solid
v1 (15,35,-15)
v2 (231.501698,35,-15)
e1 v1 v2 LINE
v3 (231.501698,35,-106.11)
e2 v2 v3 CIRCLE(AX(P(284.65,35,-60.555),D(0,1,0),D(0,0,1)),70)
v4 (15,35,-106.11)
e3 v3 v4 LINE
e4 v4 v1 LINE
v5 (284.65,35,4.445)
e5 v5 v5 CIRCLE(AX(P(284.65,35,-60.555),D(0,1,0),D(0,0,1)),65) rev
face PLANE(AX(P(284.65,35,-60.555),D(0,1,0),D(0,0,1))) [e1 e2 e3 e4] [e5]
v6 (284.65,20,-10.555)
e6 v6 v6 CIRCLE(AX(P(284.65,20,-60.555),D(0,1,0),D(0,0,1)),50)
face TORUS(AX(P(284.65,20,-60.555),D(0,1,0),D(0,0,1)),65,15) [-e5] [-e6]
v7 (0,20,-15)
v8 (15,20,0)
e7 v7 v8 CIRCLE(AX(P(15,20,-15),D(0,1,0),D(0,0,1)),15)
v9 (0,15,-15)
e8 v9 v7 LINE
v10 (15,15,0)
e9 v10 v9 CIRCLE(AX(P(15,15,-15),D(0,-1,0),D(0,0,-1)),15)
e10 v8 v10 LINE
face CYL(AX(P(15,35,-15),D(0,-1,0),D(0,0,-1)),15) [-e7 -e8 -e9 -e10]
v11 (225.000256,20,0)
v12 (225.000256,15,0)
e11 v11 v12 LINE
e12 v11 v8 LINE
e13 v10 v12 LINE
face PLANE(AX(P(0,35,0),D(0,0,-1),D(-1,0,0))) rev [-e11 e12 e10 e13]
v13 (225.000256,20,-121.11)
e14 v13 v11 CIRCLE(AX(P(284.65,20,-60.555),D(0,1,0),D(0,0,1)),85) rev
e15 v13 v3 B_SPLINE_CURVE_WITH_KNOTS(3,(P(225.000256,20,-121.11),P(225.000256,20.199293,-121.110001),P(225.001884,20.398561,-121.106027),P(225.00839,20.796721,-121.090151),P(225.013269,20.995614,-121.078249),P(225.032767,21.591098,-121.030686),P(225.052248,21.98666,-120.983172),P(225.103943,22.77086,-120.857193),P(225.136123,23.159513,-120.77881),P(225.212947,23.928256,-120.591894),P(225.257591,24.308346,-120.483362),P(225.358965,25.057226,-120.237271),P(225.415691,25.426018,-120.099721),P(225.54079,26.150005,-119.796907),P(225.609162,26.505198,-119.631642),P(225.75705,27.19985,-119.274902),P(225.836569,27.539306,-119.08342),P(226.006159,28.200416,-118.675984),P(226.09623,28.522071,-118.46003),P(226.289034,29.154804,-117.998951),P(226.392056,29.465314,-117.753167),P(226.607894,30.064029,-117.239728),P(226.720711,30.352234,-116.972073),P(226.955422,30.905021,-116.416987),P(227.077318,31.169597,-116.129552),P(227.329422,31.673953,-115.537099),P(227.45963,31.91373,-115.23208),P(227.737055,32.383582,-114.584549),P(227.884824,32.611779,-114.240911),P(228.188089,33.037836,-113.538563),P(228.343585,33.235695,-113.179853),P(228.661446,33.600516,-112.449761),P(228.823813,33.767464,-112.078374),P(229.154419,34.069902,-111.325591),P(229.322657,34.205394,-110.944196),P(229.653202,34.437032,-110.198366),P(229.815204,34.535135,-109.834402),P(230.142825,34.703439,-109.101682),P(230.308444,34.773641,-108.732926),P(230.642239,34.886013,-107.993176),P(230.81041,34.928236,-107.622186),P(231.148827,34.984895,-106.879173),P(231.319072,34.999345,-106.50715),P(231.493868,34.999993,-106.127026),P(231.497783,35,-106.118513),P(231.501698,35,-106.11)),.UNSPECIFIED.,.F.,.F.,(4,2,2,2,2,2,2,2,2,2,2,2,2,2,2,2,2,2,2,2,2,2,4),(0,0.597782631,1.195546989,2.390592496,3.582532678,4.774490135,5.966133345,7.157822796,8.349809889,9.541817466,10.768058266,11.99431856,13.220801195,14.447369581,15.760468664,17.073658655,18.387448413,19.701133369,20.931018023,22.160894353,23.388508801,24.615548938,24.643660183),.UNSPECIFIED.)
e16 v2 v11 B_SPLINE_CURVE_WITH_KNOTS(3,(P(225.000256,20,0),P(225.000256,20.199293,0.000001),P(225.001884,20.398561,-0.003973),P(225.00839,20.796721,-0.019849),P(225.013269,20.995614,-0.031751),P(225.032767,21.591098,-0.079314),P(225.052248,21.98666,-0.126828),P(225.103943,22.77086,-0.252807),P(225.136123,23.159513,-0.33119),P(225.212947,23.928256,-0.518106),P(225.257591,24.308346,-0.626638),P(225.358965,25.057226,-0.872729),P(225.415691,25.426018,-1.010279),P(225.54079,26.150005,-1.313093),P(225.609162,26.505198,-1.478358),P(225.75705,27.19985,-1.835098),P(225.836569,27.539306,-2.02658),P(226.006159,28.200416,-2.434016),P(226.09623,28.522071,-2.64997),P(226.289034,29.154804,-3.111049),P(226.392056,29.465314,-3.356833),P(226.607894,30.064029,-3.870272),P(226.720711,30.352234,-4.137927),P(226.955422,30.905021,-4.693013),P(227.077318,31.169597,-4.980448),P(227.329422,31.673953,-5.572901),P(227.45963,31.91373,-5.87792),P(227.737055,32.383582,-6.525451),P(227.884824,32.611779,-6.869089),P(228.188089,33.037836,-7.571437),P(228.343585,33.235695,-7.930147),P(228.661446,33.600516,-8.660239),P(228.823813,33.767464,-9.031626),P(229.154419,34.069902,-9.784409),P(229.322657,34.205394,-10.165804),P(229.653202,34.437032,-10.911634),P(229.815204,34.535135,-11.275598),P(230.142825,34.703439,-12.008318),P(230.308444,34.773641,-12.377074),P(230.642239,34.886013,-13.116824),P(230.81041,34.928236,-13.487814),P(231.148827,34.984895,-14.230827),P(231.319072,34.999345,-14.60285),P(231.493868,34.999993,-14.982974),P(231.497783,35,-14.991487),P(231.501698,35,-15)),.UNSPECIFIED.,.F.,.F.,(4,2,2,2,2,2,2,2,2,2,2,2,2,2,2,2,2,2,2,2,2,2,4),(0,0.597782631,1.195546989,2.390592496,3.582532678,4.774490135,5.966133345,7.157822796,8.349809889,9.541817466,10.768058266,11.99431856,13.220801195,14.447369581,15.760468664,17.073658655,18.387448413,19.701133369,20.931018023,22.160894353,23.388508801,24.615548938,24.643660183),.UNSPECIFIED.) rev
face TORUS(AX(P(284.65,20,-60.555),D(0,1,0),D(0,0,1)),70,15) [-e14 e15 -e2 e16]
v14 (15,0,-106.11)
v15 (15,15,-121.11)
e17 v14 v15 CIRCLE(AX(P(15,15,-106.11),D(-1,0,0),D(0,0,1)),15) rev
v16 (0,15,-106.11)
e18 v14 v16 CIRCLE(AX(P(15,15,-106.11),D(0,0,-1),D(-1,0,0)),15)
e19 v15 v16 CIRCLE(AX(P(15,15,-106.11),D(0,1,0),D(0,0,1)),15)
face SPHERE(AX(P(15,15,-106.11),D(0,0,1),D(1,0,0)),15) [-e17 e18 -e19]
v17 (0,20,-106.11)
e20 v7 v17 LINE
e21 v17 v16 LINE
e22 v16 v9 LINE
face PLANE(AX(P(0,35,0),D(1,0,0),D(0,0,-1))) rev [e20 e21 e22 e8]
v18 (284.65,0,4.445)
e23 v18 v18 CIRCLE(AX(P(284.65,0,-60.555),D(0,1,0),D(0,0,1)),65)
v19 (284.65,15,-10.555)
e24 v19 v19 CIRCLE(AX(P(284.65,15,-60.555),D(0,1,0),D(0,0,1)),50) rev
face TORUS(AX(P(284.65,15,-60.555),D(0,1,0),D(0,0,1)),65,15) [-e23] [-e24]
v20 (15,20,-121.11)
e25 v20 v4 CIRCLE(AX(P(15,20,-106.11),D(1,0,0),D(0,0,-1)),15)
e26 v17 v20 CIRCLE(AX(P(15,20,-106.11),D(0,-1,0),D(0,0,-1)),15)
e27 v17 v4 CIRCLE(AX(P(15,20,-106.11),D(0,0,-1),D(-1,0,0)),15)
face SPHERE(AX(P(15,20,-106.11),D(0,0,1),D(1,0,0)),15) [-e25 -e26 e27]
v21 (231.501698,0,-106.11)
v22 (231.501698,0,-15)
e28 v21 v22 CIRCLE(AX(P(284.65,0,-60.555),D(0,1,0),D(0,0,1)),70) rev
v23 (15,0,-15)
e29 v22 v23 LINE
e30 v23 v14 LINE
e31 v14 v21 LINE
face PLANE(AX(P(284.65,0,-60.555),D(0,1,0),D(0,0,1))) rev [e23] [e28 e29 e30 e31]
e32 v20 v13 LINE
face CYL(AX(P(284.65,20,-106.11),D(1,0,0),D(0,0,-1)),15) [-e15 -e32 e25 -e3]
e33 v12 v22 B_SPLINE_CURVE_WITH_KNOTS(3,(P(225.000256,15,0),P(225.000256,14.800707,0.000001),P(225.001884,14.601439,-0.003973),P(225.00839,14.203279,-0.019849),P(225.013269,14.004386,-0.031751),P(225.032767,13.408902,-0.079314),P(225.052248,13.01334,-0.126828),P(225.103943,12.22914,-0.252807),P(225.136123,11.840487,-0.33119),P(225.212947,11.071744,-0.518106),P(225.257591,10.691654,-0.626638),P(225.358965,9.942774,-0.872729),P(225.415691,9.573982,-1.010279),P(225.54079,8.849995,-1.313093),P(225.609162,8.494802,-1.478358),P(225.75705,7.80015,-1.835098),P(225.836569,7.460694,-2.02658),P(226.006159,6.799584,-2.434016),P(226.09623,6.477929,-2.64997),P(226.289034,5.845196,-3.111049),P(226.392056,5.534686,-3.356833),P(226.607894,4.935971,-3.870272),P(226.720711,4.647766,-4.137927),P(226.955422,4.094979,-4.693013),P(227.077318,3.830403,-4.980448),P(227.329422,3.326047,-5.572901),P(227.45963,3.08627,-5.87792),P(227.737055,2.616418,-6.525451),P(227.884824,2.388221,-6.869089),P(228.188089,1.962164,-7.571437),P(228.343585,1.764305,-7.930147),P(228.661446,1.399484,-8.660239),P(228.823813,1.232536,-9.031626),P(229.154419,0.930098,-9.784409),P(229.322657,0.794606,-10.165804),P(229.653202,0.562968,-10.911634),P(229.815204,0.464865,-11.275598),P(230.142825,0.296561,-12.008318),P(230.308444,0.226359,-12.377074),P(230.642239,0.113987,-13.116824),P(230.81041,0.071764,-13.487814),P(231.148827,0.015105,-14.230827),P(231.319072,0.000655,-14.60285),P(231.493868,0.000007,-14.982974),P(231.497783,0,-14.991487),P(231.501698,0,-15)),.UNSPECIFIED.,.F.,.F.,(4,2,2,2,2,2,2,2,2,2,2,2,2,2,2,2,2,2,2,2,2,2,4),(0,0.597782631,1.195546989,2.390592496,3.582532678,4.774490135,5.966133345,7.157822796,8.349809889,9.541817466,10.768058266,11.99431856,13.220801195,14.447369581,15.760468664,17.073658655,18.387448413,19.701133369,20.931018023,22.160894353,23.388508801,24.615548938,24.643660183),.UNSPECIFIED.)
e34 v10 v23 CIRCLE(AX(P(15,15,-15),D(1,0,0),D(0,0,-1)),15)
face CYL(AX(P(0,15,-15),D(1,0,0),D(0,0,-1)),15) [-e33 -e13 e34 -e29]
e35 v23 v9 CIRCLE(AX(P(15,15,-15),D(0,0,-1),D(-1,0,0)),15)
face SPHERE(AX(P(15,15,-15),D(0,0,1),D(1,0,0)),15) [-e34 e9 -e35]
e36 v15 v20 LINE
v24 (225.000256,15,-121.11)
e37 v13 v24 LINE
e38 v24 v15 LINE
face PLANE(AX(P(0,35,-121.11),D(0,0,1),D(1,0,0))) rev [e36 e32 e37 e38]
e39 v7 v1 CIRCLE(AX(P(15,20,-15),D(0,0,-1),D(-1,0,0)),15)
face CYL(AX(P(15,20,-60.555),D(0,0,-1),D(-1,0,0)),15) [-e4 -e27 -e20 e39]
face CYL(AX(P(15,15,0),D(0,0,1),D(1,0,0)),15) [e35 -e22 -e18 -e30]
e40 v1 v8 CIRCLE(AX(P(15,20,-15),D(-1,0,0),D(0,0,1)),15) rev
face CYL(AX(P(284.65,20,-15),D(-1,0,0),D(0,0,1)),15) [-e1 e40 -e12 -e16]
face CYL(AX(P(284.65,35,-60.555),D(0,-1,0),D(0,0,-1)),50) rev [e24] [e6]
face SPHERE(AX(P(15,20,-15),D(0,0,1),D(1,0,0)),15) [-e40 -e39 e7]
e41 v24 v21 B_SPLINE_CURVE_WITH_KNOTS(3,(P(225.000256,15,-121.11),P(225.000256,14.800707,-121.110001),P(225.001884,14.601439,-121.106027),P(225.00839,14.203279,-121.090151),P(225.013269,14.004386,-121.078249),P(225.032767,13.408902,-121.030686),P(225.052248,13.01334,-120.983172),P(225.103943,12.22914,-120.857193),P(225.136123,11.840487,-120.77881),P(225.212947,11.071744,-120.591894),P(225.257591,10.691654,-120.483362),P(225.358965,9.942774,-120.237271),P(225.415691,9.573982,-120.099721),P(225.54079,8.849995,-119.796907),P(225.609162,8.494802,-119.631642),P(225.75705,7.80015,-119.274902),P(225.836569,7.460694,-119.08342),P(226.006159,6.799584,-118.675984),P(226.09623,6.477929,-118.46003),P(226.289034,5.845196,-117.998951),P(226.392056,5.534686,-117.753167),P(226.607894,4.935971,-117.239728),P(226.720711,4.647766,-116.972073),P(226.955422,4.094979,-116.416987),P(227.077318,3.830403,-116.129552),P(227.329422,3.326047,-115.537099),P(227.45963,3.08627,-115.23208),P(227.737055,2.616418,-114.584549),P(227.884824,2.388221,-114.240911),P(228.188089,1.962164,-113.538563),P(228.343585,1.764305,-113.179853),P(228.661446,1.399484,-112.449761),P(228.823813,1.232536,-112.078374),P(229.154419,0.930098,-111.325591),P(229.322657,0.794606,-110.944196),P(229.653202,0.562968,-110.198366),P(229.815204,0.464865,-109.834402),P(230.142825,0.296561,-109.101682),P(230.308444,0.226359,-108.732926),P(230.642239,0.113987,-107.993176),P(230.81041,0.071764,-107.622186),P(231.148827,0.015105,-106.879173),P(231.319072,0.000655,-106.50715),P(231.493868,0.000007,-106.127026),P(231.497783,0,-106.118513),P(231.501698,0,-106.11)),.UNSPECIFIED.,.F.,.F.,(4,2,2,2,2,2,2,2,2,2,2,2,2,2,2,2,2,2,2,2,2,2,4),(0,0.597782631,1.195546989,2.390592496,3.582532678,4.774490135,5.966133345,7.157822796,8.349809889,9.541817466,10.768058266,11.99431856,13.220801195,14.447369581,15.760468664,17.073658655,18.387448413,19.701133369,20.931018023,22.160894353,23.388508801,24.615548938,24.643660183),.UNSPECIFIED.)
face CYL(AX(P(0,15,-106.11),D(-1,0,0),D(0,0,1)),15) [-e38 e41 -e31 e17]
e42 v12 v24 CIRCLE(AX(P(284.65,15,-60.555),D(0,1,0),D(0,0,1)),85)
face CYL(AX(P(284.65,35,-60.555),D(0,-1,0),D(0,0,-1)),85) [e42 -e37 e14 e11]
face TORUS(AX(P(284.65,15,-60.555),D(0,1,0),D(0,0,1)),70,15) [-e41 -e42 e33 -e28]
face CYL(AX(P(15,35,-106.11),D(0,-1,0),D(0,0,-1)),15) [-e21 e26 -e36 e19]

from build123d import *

# Parameters (mm, degrees)
SKETCH1_R      = 50
EXTRUDE1_DEPTH = 35
FILLET1_R      = 15
FILLET2_R      = 15


with BuildPart() as part:
    # Sketch1 → Extrude1 (new body)
    with BuildSketch(Plane(origin=(0, 0, 0), x_dir=(1, 0, 0), z_dir=(0, 1, 0))):
        with BuildLine():
            Line((0, 0), (225.000255868, 0))
            ThreePointArc((225.000255868, 0), (369.65, 60.555), (225.000255868, 121.11))
            Line((225.000255868, 121.11), (0, 121.11))
            Line((0, 121.11), (0, 0))
        make_face()
        with Locations(Location((284.65, 60.555, 0), (0, 0, 270))):
            Circle(SKETCH1_R, mode=Mode.SUBTRACT)
    extrude(amount=EXTRUDE1_DEPTH)

    # Fillet1
    fillet1_edges = [part.edges().sort_by_distance(p)[0] for p in [
        (369.65, 35, -60.555),
        (284.65, 0, -110.555),
        (284.65, 35, -110.555),
        (112.500127934, 35, -121.11),
        (112.500127934, 0, -121.11),
        (369.65, 0, -60.555),
        (112.500127934, 0, 0),
        (112.500127934, 35, 0),
    ]]
    fillet(fillet1_edges, radius=FILLET1_R)

    # Fillet2
    fillet2_edges = [part.edges().sort_by_distance(p)[0] for p in [
        (0, 17.5, -121.11),
        (0, 0, -60.555),
        (0, 17.5, 0),
        (0, 35, -60.555),
        (0, 30.606601718, -4.393398282),
        (0, 4.393398282, -4.393398282),
        (0, 30.606601718, -116.716601718),
        (0, 4.393398282, -116.716601718),
    ]]
    fillet(fillet2_edges, radius=FILLET2_R)


solid = part.part
